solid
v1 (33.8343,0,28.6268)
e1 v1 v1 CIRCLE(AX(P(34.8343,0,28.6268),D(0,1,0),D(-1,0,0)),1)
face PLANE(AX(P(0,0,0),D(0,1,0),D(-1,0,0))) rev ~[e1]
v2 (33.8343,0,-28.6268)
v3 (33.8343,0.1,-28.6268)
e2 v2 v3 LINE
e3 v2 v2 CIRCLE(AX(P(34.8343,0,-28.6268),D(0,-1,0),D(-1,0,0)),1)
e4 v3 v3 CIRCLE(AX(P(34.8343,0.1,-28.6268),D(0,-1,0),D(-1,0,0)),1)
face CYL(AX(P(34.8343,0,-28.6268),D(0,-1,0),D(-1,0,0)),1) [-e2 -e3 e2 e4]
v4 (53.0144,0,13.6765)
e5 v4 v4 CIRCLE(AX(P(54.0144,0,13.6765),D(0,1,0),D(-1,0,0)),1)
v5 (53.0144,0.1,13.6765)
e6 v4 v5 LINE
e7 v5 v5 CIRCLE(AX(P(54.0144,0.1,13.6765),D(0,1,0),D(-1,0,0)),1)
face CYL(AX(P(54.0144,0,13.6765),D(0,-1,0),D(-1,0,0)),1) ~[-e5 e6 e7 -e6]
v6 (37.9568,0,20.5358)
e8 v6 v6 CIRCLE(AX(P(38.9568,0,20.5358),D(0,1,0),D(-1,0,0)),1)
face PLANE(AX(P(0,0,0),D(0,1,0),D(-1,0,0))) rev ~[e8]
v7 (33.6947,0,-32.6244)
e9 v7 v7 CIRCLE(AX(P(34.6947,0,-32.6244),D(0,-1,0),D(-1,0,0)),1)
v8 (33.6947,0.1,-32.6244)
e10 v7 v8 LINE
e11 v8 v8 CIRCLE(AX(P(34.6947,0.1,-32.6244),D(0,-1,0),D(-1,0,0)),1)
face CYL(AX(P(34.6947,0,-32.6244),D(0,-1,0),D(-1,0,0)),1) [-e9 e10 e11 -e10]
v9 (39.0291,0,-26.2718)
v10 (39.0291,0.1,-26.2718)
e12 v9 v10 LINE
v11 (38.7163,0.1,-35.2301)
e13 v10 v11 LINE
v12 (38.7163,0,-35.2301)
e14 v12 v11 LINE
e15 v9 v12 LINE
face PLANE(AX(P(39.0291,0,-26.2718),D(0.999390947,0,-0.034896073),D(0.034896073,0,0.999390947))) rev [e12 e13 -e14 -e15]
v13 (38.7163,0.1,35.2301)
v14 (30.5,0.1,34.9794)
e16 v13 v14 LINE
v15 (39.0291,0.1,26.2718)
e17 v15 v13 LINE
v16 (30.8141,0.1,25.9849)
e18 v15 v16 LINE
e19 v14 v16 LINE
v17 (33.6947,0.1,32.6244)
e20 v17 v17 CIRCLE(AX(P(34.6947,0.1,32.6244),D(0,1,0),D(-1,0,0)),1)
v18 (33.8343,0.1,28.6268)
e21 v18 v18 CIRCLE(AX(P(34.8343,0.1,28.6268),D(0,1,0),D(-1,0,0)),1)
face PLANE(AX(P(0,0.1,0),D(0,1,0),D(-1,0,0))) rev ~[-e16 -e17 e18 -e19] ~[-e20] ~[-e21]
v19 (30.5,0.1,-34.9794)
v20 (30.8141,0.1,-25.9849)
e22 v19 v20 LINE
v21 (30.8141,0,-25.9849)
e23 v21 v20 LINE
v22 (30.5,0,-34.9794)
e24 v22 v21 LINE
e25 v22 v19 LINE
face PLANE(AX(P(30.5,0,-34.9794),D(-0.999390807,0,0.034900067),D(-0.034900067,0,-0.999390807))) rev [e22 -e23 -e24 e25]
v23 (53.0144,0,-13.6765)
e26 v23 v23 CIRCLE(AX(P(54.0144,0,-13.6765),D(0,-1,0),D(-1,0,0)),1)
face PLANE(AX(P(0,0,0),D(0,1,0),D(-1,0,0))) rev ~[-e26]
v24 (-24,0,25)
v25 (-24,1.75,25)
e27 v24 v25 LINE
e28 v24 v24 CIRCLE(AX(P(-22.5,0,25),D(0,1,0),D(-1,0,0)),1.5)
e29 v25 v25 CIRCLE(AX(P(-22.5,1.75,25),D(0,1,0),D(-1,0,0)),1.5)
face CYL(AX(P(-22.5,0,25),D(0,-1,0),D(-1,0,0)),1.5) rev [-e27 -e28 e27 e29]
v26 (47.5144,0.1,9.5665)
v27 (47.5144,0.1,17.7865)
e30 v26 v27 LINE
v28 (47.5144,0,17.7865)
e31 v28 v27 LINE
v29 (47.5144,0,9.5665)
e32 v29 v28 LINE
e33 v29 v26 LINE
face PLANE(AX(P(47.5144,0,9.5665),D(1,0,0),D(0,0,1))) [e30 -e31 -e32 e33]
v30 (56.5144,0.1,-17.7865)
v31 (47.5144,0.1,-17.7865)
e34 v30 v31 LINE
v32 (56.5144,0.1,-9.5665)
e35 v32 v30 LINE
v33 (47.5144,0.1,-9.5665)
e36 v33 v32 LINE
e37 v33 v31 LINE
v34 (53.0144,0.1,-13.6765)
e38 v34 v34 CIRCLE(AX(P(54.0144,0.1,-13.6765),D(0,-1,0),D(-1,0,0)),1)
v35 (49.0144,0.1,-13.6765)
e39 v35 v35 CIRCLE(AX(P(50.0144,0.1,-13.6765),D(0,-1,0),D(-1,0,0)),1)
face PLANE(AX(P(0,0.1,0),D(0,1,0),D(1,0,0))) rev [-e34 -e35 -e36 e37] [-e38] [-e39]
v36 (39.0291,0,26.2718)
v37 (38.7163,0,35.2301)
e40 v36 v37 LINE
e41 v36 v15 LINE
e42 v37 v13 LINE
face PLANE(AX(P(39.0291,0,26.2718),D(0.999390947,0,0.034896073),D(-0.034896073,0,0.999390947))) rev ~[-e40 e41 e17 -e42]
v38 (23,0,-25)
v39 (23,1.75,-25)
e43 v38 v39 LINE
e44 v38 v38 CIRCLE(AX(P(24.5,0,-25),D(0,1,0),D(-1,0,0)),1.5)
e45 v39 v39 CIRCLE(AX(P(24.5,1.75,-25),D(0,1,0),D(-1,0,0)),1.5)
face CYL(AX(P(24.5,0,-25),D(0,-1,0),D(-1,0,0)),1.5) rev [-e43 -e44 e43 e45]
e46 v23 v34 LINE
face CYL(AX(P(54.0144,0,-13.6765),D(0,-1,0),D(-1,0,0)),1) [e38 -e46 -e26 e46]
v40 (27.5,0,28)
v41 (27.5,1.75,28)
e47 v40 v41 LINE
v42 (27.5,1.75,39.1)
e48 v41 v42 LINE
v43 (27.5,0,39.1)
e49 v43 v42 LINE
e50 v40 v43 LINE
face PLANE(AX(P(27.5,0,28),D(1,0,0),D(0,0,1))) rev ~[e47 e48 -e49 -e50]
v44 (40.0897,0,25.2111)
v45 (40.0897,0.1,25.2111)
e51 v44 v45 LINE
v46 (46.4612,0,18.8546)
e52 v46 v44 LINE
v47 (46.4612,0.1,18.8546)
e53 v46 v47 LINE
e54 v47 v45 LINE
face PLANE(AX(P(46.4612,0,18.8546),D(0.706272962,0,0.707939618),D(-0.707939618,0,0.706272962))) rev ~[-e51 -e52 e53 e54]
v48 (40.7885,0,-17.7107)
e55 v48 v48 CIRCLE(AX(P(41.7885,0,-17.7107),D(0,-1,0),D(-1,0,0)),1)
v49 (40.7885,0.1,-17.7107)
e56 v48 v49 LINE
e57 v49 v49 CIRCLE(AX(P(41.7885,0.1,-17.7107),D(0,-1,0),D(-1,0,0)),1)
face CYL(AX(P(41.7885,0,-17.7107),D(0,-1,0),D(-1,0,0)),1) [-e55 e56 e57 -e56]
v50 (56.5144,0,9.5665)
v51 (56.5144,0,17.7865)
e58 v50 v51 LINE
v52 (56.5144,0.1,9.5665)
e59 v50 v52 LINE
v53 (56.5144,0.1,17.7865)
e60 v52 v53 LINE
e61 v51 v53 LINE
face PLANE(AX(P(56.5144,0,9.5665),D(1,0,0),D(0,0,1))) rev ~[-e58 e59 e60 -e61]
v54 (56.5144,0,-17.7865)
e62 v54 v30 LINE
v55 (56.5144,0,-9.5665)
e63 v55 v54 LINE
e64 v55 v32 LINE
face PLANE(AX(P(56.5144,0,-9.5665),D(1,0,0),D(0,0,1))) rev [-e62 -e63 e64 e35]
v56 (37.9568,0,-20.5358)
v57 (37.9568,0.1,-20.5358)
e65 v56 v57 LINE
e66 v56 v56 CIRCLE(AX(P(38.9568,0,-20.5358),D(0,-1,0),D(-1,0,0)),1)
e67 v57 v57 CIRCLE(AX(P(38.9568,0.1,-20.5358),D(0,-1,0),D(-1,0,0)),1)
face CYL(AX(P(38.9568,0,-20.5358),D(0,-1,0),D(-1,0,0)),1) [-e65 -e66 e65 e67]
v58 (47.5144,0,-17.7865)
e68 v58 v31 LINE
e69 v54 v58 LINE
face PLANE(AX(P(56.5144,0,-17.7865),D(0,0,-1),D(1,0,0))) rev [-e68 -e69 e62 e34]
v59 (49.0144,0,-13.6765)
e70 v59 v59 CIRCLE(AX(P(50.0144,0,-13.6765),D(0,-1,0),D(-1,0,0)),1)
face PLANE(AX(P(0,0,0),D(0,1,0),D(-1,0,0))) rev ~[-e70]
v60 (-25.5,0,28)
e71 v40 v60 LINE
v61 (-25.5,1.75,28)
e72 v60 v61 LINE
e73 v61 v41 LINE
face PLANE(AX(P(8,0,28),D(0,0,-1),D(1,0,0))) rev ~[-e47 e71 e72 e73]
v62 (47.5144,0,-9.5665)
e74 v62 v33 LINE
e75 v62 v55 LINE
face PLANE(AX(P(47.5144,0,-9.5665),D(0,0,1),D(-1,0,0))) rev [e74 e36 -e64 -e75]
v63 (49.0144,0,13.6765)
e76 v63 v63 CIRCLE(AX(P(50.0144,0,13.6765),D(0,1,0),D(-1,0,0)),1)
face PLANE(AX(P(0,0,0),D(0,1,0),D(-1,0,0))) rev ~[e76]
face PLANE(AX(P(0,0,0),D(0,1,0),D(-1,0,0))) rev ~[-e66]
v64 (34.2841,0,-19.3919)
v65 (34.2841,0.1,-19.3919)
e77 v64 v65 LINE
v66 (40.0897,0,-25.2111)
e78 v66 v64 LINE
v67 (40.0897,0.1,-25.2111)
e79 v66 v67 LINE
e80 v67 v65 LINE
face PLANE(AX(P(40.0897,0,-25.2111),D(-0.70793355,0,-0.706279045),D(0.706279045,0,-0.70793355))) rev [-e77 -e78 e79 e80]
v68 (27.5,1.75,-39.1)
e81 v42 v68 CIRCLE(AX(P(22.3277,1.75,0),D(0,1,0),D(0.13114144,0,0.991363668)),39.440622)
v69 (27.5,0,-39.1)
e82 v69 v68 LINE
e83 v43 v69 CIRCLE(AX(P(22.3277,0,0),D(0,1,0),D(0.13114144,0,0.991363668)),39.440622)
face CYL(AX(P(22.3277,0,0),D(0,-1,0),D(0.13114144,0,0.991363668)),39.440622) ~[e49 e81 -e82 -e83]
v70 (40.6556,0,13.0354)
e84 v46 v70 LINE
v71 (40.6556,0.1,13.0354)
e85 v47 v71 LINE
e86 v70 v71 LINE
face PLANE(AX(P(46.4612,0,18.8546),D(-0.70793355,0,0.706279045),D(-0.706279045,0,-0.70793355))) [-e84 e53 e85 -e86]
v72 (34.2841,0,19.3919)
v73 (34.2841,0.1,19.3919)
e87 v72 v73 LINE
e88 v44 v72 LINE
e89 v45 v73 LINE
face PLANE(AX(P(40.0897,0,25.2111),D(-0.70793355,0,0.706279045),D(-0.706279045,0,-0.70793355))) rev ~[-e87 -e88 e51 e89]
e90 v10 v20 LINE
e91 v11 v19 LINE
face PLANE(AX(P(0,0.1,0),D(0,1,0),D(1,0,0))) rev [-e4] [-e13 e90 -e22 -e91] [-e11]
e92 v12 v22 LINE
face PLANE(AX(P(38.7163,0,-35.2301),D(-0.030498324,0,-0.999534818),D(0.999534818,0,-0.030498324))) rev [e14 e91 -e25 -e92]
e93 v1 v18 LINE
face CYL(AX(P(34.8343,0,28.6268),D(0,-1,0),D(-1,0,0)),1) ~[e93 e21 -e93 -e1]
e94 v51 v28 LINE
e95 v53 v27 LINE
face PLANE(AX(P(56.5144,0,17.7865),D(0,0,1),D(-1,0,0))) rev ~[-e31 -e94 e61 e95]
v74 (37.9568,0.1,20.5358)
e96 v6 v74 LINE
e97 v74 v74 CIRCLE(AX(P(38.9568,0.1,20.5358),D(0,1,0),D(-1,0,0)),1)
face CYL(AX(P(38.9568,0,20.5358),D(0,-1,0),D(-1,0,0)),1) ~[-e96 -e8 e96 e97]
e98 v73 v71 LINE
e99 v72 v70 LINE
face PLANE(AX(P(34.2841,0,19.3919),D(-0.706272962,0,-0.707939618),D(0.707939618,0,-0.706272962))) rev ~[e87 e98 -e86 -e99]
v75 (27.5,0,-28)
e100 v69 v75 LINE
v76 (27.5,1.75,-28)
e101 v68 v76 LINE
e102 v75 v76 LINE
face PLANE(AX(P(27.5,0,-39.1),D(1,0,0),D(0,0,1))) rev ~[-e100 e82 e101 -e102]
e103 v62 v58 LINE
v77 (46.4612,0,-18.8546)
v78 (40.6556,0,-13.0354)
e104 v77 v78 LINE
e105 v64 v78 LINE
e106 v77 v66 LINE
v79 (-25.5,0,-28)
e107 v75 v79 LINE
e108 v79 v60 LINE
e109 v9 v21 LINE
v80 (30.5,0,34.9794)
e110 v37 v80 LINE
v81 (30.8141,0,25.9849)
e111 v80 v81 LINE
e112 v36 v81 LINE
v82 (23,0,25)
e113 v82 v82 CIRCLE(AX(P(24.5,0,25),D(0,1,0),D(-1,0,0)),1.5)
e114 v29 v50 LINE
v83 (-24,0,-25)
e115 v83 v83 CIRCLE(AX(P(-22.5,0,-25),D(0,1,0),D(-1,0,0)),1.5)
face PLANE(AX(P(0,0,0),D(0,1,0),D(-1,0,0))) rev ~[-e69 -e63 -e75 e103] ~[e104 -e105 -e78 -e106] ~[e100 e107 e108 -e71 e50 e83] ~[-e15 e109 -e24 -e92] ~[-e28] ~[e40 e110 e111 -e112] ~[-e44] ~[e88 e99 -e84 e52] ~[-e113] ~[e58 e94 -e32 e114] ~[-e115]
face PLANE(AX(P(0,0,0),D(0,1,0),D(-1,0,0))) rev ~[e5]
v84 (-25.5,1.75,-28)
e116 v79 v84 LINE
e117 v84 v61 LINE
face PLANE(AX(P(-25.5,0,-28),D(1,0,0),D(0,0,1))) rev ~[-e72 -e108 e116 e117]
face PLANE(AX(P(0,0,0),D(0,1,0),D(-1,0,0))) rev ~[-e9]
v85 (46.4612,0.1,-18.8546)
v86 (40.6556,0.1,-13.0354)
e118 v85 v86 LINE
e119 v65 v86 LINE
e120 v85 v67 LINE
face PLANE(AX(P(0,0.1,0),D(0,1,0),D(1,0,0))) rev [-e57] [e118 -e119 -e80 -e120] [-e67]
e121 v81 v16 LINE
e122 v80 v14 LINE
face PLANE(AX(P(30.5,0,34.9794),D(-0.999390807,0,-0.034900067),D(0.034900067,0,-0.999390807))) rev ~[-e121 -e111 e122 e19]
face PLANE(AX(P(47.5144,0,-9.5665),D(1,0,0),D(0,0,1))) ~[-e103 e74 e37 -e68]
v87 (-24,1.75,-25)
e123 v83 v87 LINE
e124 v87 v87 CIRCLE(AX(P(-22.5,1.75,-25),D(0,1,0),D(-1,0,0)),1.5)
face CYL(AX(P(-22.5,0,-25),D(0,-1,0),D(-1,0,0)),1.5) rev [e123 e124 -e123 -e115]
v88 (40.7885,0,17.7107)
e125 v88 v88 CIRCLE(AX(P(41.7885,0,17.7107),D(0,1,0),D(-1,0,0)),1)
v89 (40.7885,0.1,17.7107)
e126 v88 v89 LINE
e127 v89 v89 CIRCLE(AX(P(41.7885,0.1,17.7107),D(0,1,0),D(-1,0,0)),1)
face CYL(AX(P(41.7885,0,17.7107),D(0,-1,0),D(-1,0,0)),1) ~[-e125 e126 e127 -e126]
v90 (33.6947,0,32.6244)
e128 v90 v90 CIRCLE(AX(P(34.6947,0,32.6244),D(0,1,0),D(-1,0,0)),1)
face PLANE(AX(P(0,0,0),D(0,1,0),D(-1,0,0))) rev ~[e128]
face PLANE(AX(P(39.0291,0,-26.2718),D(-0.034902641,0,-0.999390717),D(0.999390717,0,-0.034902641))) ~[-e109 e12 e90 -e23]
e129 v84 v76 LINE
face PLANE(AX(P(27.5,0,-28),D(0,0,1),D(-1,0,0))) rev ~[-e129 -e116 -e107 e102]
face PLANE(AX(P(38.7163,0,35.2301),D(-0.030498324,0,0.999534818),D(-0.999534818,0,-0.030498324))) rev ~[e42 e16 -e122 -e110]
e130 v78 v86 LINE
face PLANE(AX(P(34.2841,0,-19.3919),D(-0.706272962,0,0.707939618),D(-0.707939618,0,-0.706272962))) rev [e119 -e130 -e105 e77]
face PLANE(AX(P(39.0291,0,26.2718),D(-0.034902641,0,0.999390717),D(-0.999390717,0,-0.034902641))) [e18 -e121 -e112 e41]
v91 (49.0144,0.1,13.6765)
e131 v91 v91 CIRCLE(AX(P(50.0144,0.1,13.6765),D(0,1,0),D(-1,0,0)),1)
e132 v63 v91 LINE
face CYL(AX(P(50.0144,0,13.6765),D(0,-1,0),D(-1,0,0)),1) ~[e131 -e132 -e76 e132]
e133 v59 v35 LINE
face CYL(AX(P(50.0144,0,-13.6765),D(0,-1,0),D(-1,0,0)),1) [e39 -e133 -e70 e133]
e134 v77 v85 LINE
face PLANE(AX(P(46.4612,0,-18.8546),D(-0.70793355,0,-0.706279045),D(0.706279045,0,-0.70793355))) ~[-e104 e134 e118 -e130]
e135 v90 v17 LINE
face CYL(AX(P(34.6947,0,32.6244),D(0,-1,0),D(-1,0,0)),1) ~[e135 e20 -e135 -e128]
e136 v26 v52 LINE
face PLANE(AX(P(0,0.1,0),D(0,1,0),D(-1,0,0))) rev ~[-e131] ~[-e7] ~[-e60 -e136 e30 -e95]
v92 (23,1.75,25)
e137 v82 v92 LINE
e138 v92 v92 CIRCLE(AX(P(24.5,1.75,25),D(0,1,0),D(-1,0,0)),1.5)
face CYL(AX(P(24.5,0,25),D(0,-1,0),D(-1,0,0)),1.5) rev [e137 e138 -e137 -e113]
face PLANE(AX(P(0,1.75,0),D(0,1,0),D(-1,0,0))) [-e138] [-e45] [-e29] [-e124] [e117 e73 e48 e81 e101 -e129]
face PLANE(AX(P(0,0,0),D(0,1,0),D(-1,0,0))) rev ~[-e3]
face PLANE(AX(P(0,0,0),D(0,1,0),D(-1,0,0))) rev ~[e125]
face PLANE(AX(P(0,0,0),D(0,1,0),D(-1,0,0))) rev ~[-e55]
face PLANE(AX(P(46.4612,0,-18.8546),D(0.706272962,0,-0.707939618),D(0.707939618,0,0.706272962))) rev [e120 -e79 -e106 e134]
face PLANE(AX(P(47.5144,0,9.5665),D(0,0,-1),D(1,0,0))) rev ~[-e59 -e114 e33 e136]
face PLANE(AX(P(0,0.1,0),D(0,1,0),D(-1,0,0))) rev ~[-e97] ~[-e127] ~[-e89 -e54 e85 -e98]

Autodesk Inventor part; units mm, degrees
ref_plane "YZ Plane" through (0, 0, 0) normal (1, 0, 0) x (0, 1, 0)
ref_plane "XZ Plane" through (0, 0, 0) normal (0, 1, 0) x (-1, 0, 0)
ref_plane "XY Plane" through (0, 0, 0) normal (0, 0, 1) x (1, 0, 0)
sketch "Sketch1" plane through (0, 0, 0) normal (0, 1, 0) x (-1, 0, 0)
  circle A0 centre (-24.5, -25) radius 1.5
  circle A1 centre (-24.5, 25) radius 1.5
  circle A2 centre (22.5, 25) radius 1.5
  circle A3 centre (22.5, -25) radius 1.5
  line L0 (-27.5, -28) -> (-8, -28)
  line L1 (-8, -28) -> (-8, -25) construction
  line L2 (6, -25) -> (6, -28) construction
  line L3 (6, -28) -> (25.5, -28)
  line L4 (25.5, -28) -> (25.5, 28)
  line L5 (25.5, 28) -> (6, 28)
  line L6 (-8, 28) -> (-27.5, 28)
  line L7 (-27.5, 28) -> (-27.5, 39.1)
  arc A4 (-27.5, 39.1) -> (-27.5, -39.1) centre (-22.3277, 0) ccw
  line L8 (-27.5, -39.1) -> (-27.5, -28)
  line L9 (-8, 28) -> (6, 28)
  line L10 (-8, -25) -> (-8, 28) construction
  line L11 (6, -25) -> (6, 28) construction
  line L12 (-8, -28) -> (6, -28)
  line L13 (22.75, 28) -> (-24.75, 28) construction
  line L14 (-24.75, 22) -> (22.75, 22) construction
  line L15 (25.5, -22) -> (-24.75, -22) construction
  line L16 (-24.75, -28) -> (22.75, -28) construction
  line L17 (-8, 28) -> (-27.5, 28) construction
  line L18 (-27.5, 28) -> (-27.5, 39.1) construction
  arc A5 (-27.5, 39.1) -> (-27.5, -39.1) centre (-22.3277, 0) ccw construction
  circle A6 centre (-38.9568, 20.5358) radius 1
  line L19 (-40.0897, 25.2111) -> (-34.2841, 19.3919)
  line L20 (-46.4612, 18.8546) -> (-40.0897, 25.2111)
  circle A7 centre (-41.7885, 17.7107) radius 1
  line L21 (-46.4612, 18.8546) -> (-40.6556, 13.0354)
  line L22 (-34.2841, 19.3919) -> (-40.6556, 13.0354)
  line L23 (-39.9854, 35.3107) -> (-39.9038, 35.3078) construction
  circle A8 centre (-34.6947, 32.6244) radius 1
  line L24 (-39.0291, 26.2718) -> (-38.7163, 35.2301)
  circle A9 centre (-34.8343, 28.6268) radius 1
  line L25 (-39.0291, 26.2718) -> (-30.8141, 25.9849)
  line L26 (-30.5, 34.9794) -> (-30.8141, 25.9849)
  circle A10 centre (-50.0144, 13.6765) radius 1
  line L27 (-47.5144, 9.5665) -> (-47.5144, 17.7865)
  circle A11 centre (-54.0144, 13.6765) radius 1
  line L28 (-56.5144, 17.7865) -> (-47.5144, 17.7865)
  line L29 (-56.5144, 9.5665) -> (-56.5144, 17.7865)
  line L30 (-47.5144, 9.5665) -> (-56.5144, 9.5665)
  line L31 (-39.0291, 26.2718) -> (-67.0612, -1.7603) construction
  line L32 (-39.0291, 26.2718) -> (0.6143, 26.2718) construction
  line L33 (-38.7163, 35.2301) -> (-30.5, 34.9794)
  line L34 (-27.5, -28) -> (-27.5, -22) construction
  line L35 (-27.5, -22) -> (-24.75, -22) construction
  line L36 (-27.5, 28) -> (-27.5, 22) construction
  line L37 (-24.75, 22) -> (-27.5, 22) construction
  line L38 (-27.5, 22) -> (-27.5, 28) construction
  line L39 (-27.5, -22) -> (-27.5, -28) construction
  point P0 (0, 0)
  point P1 (0, 0)
  point P2 (-1, 28)
  point P3 (-1, -22)
  point P4 (-1, -28)
  point P5 (0, 0)
  point P6 (4.5, 0)
  dimension "d0" = 47.5
  dimension "d1" = 6
  dimension "d3" = 47.5
  dimension "d4" = 6
  dimension "d8" = 39.4406
  dimension "d9" = 5.1723
  dimension "d10" = 3
  dimension "d11" = 3
  dimension "d12" = 3
  dimension "d13" = 3
  dimension "d14" = 2
  dimension "d15" = 2
  dimension "d16" = 135
  dimension "d17" = 178
  dimension "d18" = 180
  dimension "d19" = 1.5
  dimension "d20" = 1.5
  dimension "d21" = 1.7282
  dimension "d22" = 8.22
  dimension "d23" = 9
  dimension "d24" = 2
  dimension "d25" = 2
  dimension "d26" = 2.5
  dimension "d27" = 4.11
  dimension "d28" = 4.11
  dimension "d29" = 2.5
  dimension "d30" = 8.22
  dimension "d31" = 2.5
  dimension "d32" = 9
  dimension "d33" = 2.5
  dimension "d34" = 4.11
  dimension "d35" = 4.11
  dimension "d36" = 9
  dimension "d37" = 8.22
  dimension "d38" = 4.11
  dimension "d39" = 2.5
  dimension "d40" = 2.5
  dimension "d41" = 4.11
  dimension "d42" = 3
  dimension "d58" = 3
  dimension "d59" = 53
  dimension "d60" = 3
  dimension "d61" = 3
  dimension "d62" = 3
extrude "Extrusion1" add sketch "Sketch1" along normal blind 1.75 contours L8 A4 L7 L6 L9 L5 L4 L3 L12 L0 | A6 | L19 L22 L21 L20 | A7 | A8 | L24 L33 L26 L25 | A9 | A10 | L30 L29 L28 L27 | A11
sketch "Sketch2" plane through (0, 0, 0) normal (0, -1, 0) x (1, 0, 0)
  circle A0 centre (-17.5, -25) radius 1.5
  circle A1 centre (-17.5, 25) radius 1.5
  circle A2 centre (19.5, 25) radius 1.5
  circle A3 centre (19.5, -25) radius 1.5
  line L0 (27.5, -28) -> (-25.5, -28) projected
  line L1 (27.5, -39.1) -> (27.5, -28) projected
  arc A4 (27.5, 39.1) -> (27.5, -39.1) centre (22.3277, 0) ccw projected
  line L2 (27.5, 28) -> (27.5, 39.1) projected
  line L3 (-25.5, 28) -> (27.5, 28) projected
  line L4 (-25.5, -28) -> (-25.5, 28) projected
  line L5 (24.75, 28) -> (-22.75, 28)
  line L6 (-22.75, 28) -> (-22.75, 22)
  line L7 (-22.75, 22) -> (24.75, 22)
  line L8 (24.75, 22) -> (24.75, 28)
  line L9 (24.75, -22) -> (-22.75, -22)
  line L10 (-22.75, -22) -> (-22.75, -28)
  line L11 (-22.75, -28) -> (24.75, -28)
  line L12 (24.75, -28) -> (24.75, -22)
  point P0 (0, 0)
  point P1 (1, 28)
  point P2 (1, -28)
  dimension "d45" = 47.5
  dimension "d46" = 6
  dimension "d48" = 5.25
  dimension "d49" = 5.25
  dimension "d50" = 47.5
  dimension "d51" = 6
  dimension "d52" = 5.25
  dimension "d53" = 5.25
extrude "Extrusion2" cut sketch "Sketch1" along normal blind 0.1 contours L19 L22 L21 L20 | L24 L33 L26 L25 | L30 L29 L28 L27
mirror "Mirror1" about plane through (0, 0, 0) normal (0, 0, 1) of "Extrusion2"
properties part number "PCB_final"
